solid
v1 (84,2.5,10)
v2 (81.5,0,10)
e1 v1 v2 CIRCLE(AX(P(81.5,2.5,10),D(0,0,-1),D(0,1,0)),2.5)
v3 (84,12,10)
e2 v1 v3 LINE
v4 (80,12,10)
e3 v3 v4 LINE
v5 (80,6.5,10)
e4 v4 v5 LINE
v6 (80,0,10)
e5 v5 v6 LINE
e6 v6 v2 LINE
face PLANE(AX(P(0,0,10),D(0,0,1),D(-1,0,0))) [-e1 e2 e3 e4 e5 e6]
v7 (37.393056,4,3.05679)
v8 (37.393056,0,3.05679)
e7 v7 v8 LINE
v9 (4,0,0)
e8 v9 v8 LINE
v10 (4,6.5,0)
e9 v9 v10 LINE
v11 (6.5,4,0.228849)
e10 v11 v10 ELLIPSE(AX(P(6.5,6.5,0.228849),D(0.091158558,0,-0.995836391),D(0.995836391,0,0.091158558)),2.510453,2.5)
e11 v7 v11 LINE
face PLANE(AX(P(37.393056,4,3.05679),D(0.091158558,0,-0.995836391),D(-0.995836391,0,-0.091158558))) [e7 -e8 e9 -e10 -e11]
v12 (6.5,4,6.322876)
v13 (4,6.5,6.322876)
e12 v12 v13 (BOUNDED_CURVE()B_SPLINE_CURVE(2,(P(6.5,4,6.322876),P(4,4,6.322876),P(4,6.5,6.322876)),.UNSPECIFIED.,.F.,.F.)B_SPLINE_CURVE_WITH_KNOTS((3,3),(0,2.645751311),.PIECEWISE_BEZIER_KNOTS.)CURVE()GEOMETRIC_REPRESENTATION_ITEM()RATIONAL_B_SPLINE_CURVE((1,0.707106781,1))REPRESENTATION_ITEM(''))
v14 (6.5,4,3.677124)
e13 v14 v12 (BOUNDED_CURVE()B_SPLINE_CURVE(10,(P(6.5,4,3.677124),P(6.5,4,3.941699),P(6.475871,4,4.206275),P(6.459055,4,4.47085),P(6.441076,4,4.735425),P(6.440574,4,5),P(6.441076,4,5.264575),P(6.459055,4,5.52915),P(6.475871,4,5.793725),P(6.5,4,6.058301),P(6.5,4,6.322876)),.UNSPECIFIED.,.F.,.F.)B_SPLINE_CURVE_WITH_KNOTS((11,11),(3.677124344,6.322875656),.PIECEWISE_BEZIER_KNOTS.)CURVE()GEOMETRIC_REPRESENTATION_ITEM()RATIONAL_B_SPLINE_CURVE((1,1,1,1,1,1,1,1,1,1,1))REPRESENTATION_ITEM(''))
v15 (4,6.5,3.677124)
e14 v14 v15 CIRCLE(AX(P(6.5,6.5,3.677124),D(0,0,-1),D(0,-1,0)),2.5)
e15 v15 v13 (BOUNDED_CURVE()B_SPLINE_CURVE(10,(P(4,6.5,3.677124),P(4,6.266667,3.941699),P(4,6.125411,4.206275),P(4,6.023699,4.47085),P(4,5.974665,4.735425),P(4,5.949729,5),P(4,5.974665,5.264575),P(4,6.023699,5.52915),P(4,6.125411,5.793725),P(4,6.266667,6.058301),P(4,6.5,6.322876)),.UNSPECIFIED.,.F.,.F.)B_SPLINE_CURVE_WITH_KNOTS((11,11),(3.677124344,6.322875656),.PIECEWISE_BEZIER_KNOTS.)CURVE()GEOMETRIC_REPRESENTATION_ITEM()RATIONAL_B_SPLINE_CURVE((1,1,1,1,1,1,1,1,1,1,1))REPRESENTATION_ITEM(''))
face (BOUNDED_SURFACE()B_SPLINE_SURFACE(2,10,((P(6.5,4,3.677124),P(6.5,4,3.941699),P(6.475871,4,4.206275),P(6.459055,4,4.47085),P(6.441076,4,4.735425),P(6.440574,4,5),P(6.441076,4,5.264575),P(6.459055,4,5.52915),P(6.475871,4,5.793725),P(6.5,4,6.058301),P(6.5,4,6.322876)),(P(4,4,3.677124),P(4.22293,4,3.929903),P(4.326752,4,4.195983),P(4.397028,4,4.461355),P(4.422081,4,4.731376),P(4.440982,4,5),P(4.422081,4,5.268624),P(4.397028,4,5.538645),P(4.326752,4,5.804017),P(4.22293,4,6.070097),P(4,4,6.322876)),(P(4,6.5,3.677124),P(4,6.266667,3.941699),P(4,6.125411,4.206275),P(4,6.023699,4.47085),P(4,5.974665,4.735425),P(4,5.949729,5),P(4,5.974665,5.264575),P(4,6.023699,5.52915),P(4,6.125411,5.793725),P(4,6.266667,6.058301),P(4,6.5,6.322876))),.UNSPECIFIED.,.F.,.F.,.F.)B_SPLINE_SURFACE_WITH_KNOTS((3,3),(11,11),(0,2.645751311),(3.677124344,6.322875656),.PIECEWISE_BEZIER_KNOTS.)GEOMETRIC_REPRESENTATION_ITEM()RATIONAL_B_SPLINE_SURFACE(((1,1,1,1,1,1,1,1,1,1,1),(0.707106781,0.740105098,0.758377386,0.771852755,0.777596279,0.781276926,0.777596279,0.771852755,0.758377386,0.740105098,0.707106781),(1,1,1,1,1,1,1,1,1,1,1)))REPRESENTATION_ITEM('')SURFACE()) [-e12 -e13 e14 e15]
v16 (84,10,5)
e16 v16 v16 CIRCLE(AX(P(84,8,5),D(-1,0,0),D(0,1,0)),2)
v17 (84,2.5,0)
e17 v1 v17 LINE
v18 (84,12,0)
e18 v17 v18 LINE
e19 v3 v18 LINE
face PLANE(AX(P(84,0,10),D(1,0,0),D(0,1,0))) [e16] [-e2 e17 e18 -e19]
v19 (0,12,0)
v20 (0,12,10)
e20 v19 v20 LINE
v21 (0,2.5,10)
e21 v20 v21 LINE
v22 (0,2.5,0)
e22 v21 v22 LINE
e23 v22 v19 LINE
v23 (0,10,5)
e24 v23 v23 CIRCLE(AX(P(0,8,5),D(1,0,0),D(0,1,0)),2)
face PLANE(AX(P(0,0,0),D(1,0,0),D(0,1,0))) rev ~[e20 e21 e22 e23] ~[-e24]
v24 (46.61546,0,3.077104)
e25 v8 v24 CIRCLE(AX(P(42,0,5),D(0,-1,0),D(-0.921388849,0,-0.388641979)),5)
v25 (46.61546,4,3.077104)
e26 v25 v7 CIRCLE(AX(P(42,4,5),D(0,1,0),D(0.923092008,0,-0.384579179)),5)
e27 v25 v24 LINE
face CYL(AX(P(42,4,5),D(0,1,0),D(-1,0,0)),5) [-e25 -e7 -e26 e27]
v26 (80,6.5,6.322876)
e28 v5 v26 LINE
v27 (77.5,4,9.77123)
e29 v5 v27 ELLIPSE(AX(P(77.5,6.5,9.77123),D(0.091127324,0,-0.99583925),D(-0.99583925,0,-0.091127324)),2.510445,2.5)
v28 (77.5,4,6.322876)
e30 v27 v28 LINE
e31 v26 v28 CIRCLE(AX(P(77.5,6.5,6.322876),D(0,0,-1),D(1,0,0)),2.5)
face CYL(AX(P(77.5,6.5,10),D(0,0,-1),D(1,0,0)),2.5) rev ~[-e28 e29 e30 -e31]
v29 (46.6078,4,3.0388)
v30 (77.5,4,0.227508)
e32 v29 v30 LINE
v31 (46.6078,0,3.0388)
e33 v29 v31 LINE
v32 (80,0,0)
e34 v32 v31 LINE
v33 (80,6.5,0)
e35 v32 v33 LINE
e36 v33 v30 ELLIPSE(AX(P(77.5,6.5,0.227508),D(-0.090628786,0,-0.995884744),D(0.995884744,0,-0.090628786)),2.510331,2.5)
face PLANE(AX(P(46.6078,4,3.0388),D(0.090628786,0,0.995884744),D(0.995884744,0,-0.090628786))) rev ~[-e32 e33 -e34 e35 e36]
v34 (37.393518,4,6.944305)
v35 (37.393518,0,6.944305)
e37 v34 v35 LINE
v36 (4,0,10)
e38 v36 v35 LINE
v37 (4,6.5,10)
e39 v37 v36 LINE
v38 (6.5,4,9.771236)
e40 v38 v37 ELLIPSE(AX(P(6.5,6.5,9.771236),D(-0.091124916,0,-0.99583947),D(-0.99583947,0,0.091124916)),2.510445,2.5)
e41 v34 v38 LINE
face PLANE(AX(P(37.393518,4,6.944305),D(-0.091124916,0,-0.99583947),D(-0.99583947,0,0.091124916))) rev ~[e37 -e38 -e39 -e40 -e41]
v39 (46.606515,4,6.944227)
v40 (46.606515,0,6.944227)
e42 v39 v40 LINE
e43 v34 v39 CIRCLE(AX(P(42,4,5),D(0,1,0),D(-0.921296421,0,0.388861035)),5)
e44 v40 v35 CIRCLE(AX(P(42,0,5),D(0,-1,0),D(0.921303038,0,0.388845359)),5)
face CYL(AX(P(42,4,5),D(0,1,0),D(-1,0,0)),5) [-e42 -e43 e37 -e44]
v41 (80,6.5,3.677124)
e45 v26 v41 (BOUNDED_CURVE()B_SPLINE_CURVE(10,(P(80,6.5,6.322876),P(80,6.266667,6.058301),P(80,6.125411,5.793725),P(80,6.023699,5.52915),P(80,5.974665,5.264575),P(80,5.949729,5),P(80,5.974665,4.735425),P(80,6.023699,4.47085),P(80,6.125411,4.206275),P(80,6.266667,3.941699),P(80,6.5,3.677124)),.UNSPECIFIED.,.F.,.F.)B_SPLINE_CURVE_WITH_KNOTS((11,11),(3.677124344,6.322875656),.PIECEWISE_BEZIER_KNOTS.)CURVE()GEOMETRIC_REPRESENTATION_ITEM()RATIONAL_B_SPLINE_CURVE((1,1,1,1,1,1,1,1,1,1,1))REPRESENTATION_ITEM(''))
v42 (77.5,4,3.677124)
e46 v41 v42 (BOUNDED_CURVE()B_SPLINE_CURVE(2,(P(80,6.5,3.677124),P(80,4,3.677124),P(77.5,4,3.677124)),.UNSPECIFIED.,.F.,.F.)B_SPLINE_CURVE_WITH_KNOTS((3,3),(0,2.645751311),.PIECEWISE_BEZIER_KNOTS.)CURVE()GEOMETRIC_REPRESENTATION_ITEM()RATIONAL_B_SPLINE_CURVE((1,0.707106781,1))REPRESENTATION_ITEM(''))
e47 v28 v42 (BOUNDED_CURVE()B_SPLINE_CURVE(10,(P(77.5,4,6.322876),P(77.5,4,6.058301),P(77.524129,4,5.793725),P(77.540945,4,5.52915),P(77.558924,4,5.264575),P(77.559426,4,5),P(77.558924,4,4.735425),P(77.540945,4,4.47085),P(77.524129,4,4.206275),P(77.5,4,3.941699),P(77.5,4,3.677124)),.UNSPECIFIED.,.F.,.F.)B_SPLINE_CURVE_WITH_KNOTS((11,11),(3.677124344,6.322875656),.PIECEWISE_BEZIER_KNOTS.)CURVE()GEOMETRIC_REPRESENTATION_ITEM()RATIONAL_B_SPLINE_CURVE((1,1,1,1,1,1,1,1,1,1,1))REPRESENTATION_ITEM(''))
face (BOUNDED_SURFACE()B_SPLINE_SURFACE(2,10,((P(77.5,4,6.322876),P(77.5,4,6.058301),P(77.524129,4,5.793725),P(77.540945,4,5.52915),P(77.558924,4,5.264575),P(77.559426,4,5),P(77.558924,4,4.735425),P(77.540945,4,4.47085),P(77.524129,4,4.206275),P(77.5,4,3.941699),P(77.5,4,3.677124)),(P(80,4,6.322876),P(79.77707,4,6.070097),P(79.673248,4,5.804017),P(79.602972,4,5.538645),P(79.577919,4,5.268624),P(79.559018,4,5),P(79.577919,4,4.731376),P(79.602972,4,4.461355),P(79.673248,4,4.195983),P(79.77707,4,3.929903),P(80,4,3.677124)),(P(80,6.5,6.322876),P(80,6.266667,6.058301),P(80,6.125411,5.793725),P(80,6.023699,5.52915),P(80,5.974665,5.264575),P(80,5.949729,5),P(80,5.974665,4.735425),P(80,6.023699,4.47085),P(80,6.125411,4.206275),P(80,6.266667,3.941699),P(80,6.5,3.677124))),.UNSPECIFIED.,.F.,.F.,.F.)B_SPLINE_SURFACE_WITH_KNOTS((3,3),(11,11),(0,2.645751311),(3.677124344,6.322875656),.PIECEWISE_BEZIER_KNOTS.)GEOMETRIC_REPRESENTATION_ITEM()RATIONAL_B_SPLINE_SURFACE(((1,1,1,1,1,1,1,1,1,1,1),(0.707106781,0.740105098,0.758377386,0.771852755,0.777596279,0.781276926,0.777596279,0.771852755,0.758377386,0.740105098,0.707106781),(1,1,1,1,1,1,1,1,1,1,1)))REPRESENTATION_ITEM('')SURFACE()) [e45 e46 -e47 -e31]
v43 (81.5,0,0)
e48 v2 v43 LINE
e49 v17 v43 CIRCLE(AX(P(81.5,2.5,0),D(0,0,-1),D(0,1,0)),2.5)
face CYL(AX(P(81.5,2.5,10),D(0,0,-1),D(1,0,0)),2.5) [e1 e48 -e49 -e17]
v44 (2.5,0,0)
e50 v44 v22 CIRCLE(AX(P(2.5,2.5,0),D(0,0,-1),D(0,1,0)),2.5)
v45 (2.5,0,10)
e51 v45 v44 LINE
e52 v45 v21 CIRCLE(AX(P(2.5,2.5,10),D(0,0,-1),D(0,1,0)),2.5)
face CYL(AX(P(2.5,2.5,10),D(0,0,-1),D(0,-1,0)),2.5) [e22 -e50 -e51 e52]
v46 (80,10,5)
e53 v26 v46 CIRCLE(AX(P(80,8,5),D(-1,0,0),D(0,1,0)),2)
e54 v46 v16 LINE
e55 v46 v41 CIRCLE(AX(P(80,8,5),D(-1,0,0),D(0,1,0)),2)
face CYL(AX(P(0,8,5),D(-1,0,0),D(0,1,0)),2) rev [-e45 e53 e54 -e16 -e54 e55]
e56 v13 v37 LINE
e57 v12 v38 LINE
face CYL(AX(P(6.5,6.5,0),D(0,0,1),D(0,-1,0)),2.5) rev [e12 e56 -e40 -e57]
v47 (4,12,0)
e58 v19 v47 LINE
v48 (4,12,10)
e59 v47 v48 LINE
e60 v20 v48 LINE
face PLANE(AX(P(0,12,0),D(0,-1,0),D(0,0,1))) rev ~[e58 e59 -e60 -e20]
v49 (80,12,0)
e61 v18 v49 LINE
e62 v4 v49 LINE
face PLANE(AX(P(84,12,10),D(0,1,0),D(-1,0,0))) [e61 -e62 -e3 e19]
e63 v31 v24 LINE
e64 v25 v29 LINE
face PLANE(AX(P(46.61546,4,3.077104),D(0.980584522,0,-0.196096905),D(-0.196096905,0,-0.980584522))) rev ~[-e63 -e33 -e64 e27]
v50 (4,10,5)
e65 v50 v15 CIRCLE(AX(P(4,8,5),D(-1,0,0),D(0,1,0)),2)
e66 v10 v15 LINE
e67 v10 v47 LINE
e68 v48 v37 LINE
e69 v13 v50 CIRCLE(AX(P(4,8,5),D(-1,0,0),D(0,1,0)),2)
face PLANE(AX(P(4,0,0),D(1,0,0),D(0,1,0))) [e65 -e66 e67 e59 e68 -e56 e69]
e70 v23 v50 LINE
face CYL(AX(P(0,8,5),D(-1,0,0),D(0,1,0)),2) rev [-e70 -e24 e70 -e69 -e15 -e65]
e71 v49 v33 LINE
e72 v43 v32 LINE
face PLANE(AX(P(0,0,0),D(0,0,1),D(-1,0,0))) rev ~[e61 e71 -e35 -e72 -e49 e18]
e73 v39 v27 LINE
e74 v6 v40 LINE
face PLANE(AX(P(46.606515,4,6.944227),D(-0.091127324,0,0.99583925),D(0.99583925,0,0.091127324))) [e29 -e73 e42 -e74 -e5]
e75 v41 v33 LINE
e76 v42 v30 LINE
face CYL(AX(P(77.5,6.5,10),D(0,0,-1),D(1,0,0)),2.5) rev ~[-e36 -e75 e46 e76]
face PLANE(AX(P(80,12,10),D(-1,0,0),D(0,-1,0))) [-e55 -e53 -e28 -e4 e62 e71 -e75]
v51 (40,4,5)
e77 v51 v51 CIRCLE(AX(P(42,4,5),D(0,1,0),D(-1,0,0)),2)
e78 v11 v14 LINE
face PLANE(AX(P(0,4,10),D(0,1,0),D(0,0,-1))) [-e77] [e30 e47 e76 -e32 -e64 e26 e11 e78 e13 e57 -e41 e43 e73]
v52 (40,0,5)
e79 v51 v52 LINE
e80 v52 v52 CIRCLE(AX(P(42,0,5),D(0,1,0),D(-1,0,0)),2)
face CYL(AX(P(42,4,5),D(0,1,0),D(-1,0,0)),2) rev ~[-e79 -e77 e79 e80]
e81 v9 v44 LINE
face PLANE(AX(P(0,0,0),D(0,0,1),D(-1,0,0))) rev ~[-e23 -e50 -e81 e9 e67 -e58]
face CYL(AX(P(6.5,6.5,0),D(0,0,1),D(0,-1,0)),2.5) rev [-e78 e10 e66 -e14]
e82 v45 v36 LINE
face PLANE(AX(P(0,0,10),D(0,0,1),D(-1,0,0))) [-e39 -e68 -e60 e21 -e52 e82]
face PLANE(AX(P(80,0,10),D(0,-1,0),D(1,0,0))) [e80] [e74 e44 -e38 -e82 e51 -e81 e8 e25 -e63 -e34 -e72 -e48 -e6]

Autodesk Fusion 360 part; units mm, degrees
sketch "Sketch1" plane through (0, 0, 0) normal (1, 0, 0) x (0, 1, 0)
  line L0 (0, 0) -> (12, 0)
  line L1 (12, 0) -> (12, 10)
  line L2 (12, 10) -> (0, 10)
  line L3 (0, 10) -> (0, 0)
  circle A0 centre (8, 5) radius 2
  dimension "d3" = 12
  dimension "d4" = 4
extrude "Extrude1" add sketch "Sketch1" along normal blind 4 contours L0 L1 L2 L3 | A0 makes body 1
extrude "Extrude2" add sketch "Sketch1" along normal blind 4 separate body makes body 2
extrude "Extrude4" cut sketch "Sketch1" along normal blind 125 contours A0 bodies 1
sketch "Sketch3" plane through (0, 6, 5) normal (1, 0, 0) x (0, 1, 0)
  line L0 (-6, 5) -> (-2, 5)
  line L1 (-2, 5) -> (-2, -5)
  line L2 (-6, -5) -> (-6, 5)
  line L3 (-2, -5) -> (-6, -5)
extrude "Extrude5" add sketch "Sketch3" along normal blind 80 bodies 1 2
sketch "Sketch4" plane through (0, 4, 0) normal (0, 1, 0) x (-1, 0, 0)
  line L0 (-4, 0) -> (-4, 10)
  line L1 (-4, 10) -> (-80, 10)
  line L2 (-80, 10) -> (-80, 0)
  line L3 (-80, 0) -> (-4, 0)
  circle A0 centre (-42, 5) radius 2
extrude "Extrude6" cut sketch "Sketch4" against normal blind 14 contours A0 bodies 1
sketch "Sketch5" plane through (0, 0, 10) normal (0, 0, 1) x (-1, 0, 0)
  line L0 (-4, -4) -> (-4, -12)
  line L1 (-4, -12) -> (0, -12)
  line L2 (0, -12) -> (0, 0)
  line L3 (0, 0) -> (-80, 0)
  line L4 (-80, 0) -> (-80, -4)
  line L5 (-80, -4) -> (-4, -4)
  line L6 (-80, 0) -> (-84, 0)
  line L7 (-84, 0) -> (-84, -12)
  line L8 (-84, -12) -> (-80, -12)
  line L9 (-80, -12) -> (-80, 0)
  dimension "d15" = 4
extrude "Extrude7" add sketch "Sketch5" against normal blind 10 contours L4 L6 L7 L8 L9 bodies 1
extrude "Extrude8" cut sketch "Sketch1" along normal blind 360 contours A0 bodies 1
sketch "Sketch6" plane through (0, 4, 0) normal (0, 1, 0) x (-1, 0, 0)
  circle A0 centre (-42, 5) radius 2
  line L0 (-4, 0) -> (-4, 10)
  line L1 (-4, 10) -> (-80, 10)
  line L2 (-80, 10) -> (-80, 0)
  line L3 (-80, 0) -> (-4, 0)
  circle A1 centre (-42, 5) radius 5
  line L4 (-42, 5) -> (-40, 5)
  line L5 (-37, 5) -> (-47, 5)
  line L6 (-37, 5) -> (-37.5116, 6.9335)
  line L7 (-47, 5) -> (-46.4882, 6.9334)
  line L8 (-47, 5) -> (-46.6078, 3.0388)
  line L9 (-37, 5) -> (-37.5177, 3.0682)
  line L10 (-46.4882, 6.9334) -> (-80, 10)
  line L11 (-46.6078, 3.0388) -> (-80, 0)
  line L12 (-37.5116, 6.9335) -> (-4, 10)
  line L13 (-37.5177, 3.0682) -> (-4, 0)
  dimension "d20" = 2
  dimension "d21" = 2
  dimension "d22" = 2
  dimension "d23" = 2
extrude "Extrude9" cut sketch "Sketch6" against normal blind 20 contours L1 A1 L12 | L3 A1 L13 | L1 A1 L10 | L3 A1 L8 L11 bodies 1
fillet "Fillet1" radius 2.5 4 edges at (0, 0, 5) (84, 0, 5) (80, 4, 5) (4, 4, 5) on bodies 1
